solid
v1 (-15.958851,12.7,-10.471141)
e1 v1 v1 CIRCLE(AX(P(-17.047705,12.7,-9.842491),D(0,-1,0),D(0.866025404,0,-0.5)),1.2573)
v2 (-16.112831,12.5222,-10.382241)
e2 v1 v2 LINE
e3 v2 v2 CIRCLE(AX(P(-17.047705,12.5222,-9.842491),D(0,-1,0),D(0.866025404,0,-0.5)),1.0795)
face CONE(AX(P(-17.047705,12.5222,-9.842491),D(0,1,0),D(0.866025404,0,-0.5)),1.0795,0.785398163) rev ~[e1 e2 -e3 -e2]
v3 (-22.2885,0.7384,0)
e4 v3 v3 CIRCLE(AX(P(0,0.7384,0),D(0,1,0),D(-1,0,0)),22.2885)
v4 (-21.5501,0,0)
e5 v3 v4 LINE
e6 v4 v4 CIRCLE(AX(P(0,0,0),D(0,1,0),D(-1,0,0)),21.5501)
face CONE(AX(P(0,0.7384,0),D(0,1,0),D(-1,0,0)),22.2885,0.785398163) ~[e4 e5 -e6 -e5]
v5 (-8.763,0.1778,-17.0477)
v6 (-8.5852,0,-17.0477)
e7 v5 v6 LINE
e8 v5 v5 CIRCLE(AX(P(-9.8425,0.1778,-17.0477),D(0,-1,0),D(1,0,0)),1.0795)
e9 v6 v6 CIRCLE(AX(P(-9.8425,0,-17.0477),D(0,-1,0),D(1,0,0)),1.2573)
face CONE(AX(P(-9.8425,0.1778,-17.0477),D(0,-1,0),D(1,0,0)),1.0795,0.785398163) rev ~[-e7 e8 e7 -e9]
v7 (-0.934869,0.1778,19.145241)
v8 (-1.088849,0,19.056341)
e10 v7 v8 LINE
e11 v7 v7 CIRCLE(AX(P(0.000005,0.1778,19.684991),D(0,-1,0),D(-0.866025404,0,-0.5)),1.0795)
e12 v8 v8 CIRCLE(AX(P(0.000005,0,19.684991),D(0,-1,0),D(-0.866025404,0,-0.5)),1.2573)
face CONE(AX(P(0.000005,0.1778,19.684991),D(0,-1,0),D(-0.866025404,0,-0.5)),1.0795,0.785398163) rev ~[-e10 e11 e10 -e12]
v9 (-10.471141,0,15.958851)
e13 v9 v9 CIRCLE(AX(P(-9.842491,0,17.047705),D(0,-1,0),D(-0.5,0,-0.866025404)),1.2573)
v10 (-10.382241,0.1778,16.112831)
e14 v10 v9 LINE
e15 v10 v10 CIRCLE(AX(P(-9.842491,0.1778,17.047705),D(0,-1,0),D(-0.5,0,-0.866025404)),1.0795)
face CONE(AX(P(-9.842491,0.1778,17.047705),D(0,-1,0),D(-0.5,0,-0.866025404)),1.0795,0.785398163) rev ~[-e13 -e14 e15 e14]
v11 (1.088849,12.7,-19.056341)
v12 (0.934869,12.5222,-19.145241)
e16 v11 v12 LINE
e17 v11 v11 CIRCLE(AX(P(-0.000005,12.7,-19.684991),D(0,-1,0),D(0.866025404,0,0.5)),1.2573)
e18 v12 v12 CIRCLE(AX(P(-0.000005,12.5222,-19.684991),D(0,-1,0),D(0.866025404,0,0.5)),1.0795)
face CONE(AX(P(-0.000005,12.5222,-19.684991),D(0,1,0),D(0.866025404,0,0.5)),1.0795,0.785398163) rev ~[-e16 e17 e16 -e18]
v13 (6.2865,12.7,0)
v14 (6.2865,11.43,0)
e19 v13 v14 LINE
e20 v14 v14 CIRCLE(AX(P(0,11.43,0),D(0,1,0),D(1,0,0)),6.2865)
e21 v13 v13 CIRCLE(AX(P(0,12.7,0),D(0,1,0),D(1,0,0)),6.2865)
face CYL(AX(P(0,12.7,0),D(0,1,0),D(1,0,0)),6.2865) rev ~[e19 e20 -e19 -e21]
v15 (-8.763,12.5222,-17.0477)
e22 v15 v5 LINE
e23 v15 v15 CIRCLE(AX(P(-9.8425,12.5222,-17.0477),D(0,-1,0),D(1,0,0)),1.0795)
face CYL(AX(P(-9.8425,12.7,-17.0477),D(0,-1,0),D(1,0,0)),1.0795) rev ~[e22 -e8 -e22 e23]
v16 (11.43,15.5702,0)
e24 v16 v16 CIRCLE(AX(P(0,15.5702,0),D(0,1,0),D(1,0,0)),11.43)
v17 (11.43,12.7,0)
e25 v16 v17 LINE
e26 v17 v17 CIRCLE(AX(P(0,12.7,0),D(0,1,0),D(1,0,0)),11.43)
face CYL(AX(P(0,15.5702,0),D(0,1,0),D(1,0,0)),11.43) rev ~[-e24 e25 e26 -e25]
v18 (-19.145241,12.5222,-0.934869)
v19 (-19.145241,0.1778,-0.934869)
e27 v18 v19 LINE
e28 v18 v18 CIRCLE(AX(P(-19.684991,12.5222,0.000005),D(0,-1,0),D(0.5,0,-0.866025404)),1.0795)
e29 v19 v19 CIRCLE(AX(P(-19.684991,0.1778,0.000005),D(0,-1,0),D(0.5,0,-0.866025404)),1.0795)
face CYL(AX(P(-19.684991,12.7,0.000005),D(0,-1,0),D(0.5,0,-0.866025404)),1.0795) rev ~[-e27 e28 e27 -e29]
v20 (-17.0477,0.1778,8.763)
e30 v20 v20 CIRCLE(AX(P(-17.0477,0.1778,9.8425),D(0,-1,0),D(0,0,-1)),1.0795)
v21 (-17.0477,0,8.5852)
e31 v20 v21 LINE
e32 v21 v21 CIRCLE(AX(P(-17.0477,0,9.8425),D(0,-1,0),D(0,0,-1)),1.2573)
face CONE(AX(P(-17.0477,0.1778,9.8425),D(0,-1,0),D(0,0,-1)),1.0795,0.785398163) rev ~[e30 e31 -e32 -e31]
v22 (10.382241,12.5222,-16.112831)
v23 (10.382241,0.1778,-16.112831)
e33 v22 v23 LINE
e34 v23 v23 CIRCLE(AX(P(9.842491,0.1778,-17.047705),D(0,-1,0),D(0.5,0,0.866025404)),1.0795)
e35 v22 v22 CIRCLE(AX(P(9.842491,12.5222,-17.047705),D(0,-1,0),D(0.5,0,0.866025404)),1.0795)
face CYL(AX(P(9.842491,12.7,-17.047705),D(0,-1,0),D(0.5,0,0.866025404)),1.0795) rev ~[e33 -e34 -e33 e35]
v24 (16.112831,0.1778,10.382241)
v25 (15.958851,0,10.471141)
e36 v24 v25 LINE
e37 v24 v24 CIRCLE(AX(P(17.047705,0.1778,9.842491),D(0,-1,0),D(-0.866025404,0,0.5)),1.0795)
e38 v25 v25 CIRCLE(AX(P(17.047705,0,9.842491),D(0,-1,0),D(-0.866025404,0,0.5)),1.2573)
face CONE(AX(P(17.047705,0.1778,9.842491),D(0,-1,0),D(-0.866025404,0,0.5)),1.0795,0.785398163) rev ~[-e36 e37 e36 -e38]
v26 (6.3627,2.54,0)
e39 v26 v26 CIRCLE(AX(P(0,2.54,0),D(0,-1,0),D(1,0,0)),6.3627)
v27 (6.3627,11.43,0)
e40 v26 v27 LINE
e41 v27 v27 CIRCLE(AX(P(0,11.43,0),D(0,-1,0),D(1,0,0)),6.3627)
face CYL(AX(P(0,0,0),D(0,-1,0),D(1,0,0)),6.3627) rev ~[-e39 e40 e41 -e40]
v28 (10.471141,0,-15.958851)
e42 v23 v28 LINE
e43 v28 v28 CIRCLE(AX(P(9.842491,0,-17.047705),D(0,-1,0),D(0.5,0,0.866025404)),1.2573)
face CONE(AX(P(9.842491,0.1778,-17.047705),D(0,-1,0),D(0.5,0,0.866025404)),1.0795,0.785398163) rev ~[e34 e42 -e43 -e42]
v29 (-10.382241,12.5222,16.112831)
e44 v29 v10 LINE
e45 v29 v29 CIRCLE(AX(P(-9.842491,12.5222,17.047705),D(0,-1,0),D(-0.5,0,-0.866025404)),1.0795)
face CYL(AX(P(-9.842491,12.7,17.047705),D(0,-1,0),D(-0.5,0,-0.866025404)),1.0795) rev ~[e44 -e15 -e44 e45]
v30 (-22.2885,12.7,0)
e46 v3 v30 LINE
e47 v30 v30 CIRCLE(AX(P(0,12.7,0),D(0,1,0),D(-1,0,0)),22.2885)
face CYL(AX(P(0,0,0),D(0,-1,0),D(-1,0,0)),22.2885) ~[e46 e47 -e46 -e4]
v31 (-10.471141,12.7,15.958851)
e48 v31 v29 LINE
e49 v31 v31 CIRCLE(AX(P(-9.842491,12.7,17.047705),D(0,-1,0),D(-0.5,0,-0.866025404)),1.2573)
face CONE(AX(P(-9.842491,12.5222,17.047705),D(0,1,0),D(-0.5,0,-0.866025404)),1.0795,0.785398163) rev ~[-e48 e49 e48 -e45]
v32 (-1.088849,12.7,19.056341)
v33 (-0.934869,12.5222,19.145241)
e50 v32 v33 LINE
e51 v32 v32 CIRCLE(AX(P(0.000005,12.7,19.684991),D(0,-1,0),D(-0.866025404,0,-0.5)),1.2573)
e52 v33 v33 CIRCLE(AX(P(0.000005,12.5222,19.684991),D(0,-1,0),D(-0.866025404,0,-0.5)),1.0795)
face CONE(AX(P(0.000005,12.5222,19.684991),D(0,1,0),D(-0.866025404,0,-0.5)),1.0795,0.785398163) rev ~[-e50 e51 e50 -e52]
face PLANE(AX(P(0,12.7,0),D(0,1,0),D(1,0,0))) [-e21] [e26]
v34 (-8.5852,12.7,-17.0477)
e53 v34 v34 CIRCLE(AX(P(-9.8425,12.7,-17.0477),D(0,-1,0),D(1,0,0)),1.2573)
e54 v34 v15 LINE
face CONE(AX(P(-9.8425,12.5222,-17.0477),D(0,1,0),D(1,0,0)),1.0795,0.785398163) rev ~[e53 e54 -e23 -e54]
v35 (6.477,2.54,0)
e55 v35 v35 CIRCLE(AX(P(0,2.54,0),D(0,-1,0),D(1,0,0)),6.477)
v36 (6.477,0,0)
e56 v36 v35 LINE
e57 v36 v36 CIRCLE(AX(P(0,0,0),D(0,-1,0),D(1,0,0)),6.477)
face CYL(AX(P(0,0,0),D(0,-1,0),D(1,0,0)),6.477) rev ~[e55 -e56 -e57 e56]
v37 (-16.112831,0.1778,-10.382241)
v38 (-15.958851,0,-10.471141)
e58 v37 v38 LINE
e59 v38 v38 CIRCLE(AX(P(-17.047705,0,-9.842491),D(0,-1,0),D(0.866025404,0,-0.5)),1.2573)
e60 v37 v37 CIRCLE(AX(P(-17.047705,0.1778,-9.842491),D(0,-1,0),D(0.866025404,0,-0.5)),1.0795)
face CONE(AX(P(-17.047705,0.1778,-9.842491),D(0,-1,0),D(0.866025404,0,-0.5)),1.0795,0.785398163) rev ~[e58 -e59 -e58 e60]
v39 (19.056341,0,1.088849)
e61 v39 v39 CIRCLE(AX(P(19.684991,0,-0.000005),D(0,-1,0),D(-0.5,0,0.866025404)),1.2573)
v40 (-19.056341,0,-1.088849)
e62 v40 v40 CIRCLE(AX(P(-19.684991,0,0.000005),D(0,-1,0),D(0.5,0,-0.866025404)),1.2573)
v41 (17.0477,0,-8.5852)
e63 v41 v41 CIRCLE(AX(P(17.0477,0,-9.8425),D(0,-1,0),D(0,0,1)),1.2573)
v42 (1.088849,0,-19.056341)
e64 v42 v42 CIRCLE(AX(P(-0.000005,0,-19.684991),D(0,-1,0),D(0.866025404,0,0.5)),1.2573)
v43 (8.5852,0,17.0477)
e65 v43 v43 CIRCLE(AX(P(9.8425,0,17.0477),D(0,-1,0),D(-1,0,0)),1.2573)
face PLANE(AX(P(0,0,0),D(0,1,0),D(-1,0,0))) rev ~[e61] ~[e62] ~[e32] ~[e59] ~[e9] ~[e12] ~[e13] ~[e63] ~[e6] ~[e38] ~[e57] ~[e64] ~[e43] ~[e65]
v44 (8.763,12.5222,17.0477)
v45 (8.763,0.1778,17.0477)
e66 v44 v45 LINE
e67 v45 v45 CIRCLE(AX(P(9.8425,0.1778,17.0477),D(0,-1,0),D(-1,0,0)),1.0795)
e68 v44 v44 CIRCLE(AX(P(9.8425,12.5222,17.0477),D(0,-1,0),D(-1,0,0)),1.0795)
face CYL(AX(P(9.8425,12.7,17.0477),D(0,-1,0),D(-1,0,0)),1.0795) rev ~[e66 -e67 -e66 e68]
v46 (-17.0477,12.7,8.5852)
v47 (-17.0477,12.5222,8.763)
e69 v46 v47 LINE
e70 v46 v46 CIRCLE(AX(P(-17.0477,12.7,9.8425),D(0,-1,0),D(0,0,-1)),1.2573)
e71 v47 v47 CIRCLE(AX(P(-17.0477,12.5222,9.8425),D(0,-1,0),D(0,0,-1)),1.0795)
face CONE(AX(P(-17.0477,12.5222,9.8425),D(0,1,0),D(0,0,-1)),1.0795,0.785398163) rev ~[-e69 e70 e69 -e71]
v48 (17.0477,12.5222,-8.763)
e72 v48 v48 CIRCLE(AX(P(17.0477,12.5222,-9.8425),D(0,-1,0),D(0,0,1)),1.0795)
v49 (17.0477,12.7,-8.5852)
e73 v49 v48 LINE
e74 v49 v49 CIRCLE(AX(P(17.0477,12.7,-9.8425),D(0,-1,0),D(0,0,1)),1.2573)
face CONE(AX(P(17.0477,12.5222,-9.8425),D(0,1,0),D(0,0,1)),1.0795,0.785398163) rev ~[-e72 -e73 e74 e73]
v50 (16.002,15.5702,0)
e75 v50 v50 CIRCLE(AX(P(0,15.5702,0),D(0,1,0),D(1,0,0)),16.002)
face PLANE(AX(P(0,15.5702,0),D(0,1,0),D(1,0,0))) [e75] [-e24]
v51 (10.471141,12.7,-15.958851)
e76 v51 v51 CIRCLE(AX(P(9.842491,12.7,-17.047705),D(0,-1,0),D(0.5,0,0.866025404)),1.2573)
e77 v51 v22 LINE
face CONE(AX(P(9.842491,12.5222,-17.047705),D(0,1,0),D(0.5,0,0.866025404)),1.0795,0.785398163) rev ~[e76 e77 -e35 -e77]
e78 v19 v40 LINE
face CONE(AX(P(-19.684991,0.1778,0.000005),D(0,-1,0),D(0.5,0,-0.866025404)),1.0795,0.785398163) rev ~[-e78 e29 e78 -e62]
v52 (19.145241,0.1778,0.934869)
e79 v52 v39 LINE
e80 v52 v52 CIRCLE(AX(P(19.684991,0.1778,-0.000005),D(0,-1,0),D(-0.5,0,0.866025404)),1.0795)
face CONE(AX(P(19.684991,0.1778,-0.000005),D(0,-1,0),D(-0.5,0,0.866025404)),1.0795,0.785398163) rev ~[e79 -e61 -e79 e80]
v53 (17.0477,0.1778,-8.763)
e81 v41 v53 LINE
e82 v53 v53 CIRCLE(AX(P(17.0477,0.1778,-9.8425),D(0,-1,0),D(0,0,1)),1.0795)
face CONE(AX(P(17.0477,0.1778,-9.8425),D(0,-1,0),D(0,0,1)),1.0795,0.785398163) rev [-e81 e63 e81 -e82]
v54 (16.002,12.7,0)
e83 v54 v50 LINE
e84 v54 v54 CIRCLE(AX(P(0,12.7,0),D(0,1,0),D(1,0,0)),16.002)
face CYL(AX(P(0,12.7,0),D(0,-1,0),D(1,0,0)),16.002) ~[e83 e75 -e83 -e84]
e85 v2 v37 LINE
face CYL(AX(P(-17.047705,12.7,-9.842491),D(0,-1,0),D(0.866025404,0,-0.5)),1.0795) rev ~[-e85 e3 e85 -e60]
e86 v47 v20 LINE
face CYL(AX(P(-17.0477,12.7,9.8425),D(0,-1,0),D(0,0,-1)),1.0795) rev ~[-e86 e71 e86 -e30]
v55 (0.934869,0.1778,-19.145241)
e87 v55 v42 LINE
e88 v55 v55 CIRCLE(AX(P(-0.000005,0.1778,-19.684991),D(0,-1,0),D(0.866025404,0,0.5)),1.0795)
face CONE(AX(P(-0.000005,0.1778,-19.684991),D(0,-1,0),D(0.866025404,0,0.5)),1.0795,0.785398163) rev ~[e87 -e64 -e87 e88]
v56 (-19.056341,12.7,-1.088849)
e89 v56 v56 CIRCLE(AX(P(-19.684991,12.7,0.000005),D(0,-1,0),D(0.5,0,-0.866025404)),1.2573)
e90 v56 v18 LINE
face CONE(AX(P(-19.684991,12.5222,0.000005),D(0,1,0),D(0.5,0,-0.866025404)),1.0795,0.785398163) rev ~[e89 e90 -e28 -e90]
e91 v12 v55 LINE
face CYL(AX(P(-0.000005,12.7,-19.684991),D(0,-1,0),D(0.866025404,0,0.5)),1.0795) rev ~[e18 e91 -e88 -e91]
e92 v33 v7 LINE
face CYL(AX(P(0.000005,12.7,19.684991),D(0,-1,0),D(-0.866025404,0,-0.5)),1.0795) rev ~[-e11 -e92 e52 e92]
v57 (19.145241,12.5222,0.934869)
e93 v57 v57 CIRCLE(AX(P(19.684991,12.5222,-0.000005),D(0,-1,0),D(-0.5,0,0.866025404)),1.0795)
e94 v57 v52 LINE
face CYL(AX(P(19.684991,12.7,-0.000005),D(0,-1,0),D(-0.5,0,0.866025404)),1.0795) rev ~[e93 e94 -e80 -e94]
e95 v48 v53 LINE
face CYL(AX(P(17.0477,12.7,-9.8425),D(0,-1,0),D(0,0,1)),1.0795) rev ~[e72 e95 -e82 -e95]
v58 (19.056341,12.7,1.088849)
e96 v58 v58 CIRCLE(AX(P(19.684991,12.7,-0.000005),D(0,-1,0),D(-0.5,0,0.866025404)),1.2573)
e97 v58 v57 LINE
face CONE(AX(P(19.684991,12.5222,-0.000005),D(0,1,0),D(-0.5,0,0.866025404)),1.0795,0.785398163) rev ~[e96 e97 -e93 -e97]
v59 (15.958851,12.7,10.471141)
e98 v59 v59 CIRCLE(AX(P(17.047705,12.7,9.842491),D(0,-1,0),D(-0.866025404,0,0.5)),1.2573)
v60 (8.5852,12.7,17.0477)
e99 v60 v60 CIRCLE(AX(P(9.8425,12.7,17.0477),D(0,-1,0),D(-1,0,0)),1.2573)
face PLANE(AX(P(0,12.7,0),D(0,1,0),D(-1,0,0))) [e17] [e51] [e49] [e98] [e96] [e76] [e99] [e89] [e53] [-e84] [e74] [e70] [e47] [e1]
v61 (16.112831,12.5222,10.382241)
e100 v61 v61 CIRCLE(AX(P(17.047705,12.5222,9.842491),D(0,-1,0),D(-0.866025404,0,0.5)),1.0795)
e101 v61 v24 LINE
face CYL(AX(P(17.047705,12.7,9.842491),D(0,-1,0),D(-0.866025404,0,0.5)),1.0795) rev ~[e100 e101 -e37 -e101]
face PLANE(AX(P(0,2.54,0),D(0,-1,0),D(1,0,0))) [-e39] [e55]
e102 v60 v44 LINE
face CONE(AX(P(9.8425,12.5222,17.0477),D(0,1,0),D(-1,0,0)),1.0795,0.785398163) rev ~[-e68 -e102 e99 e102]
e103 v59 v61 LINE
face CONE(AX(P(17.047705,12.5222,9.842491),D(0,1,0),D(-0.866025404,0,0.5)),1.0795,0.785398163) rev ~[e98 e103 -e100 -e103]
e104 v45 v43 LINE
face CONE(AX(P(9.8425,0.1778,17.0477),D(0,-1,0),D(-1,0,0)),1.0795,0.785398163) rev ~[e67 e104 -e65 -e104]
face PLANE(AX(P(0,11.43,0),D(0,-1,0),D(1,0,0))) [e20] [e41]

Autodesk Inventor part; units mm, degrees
ref_plane "YZ Plane" through (0, 0, 0) normal (1, 0, 0) x (0, 1, 0)
ref_plane "XZ Plane" through (0, 0, 0) normal (0, 1, 0) x (-1, 0, 0)
ref_plane "XY Plane" through (0, 0, 0) normal (0, 0, 1) x (1, 0, 0)
sketch "Sketch1" plane through (0, 0, 0) normal (0, 1, 0) x (-1, 0, 0)
  circle A0 centre (0, 0) radius 22.2885
  dimension "d0" = 44.577
extrude "Extrusion1" add sketch "Sketch1" along normal blind 12.7
chamfer "Chamfer1" distance 0.7384 angle 45 1 edges at (22.2885, 0, 0)
sketch "Sketch2" plane through (0, 12.7, 0) normal (0, 1, 0) x (1, 0, 0)
  circle A0 centre (0, 0) radius 16.002
  dimension "d6" = 32.004
extrude "Extrusion2" add sketch "Sketch2" along normal blind 2.8702
sketch "Sketch3" plane through (0, 15.5702, 0) normal (0, 1, 0) x (1, 0, 0)
  circle A0 centre (0, 0) radius 8.3566
  circle A1 centre (0, 0) radius 7.0866
  dimension "d9" = 16.7132
  dimension "d10" = 1.27
extrude "Extrusion3" cut sketch "Sketch3" against normal blind 1.016
sketch "Sketch6" plane through (0, 12.7, 0) normal (0, 1, 0) x (1, 0, 0)
  line L0 (0, 0) -> (17.0477, 9.8425) construction
  line L1 (0, 0) -> (19.685, 0) construction
  dimension "d22" = 19.685
  dimension "d23" = 30
hole "Hole1" at (17.0477, 12.7, -9.8425) direction (0, -1, 0) diameter 2.159 end through all
chamfer "Chamfer3" distance 0.1778 angle 45 2 edges at (17.0477, 12.7, -10.922) (17.0477, 0, -10.922)
sketch "Sketch7" plane through (0, 15.5702, 0) normal (0, 1, 0) x (1, 0, 0)
  circle A0 centre (0, 0) radius 11.43
  dimension "d37" = 22.86
extrude "Extrusion6" cut sketch "Sketch7" against normal up to surface (2.8702 mm away)
pattern_circular "Circular Pattern2" count 12 over 360 about axis through (0, 0, 0) along (0, 1, 0) of "Hole1", "Chamfer3"
sketch "Sketch9" plane through (0, 12.7, 0) normal (0, 1, 0) x (1, 0, 0)
  circle A0 centre (0, 0) radius 6.2865
  circle A1 centre (0, 0) radius 22.2885 projected
  dimension "d45" = 12.573
extrude "Extrusion8" cut sketch "Sketch9" against normal up to surface (12.7 mm away) contours A0
sketch "Sketch11" plane through (0, 0, 0) normal (0, -1, 0) x (1, 0, 0)
  circle A0 centre (0, 0) radius 6.477
  dimension "d55" = 12.954
extrude "Extrusion10" cut sketch "Sketch11" against normal blind 2.54
sketch "Sketch12" plane through (0, 0, 0) normal (0, -1, 0) x (1, 0, 0)
  circle A0 centre (0, 0) radius 6.3627
  dimension "d58" = 12.7254
extrude "Extrusion11" cut sketch "Sketch12" against normal blind 11.43
properties part number "universal connector male" material "Stainless Steel AISI 304"
